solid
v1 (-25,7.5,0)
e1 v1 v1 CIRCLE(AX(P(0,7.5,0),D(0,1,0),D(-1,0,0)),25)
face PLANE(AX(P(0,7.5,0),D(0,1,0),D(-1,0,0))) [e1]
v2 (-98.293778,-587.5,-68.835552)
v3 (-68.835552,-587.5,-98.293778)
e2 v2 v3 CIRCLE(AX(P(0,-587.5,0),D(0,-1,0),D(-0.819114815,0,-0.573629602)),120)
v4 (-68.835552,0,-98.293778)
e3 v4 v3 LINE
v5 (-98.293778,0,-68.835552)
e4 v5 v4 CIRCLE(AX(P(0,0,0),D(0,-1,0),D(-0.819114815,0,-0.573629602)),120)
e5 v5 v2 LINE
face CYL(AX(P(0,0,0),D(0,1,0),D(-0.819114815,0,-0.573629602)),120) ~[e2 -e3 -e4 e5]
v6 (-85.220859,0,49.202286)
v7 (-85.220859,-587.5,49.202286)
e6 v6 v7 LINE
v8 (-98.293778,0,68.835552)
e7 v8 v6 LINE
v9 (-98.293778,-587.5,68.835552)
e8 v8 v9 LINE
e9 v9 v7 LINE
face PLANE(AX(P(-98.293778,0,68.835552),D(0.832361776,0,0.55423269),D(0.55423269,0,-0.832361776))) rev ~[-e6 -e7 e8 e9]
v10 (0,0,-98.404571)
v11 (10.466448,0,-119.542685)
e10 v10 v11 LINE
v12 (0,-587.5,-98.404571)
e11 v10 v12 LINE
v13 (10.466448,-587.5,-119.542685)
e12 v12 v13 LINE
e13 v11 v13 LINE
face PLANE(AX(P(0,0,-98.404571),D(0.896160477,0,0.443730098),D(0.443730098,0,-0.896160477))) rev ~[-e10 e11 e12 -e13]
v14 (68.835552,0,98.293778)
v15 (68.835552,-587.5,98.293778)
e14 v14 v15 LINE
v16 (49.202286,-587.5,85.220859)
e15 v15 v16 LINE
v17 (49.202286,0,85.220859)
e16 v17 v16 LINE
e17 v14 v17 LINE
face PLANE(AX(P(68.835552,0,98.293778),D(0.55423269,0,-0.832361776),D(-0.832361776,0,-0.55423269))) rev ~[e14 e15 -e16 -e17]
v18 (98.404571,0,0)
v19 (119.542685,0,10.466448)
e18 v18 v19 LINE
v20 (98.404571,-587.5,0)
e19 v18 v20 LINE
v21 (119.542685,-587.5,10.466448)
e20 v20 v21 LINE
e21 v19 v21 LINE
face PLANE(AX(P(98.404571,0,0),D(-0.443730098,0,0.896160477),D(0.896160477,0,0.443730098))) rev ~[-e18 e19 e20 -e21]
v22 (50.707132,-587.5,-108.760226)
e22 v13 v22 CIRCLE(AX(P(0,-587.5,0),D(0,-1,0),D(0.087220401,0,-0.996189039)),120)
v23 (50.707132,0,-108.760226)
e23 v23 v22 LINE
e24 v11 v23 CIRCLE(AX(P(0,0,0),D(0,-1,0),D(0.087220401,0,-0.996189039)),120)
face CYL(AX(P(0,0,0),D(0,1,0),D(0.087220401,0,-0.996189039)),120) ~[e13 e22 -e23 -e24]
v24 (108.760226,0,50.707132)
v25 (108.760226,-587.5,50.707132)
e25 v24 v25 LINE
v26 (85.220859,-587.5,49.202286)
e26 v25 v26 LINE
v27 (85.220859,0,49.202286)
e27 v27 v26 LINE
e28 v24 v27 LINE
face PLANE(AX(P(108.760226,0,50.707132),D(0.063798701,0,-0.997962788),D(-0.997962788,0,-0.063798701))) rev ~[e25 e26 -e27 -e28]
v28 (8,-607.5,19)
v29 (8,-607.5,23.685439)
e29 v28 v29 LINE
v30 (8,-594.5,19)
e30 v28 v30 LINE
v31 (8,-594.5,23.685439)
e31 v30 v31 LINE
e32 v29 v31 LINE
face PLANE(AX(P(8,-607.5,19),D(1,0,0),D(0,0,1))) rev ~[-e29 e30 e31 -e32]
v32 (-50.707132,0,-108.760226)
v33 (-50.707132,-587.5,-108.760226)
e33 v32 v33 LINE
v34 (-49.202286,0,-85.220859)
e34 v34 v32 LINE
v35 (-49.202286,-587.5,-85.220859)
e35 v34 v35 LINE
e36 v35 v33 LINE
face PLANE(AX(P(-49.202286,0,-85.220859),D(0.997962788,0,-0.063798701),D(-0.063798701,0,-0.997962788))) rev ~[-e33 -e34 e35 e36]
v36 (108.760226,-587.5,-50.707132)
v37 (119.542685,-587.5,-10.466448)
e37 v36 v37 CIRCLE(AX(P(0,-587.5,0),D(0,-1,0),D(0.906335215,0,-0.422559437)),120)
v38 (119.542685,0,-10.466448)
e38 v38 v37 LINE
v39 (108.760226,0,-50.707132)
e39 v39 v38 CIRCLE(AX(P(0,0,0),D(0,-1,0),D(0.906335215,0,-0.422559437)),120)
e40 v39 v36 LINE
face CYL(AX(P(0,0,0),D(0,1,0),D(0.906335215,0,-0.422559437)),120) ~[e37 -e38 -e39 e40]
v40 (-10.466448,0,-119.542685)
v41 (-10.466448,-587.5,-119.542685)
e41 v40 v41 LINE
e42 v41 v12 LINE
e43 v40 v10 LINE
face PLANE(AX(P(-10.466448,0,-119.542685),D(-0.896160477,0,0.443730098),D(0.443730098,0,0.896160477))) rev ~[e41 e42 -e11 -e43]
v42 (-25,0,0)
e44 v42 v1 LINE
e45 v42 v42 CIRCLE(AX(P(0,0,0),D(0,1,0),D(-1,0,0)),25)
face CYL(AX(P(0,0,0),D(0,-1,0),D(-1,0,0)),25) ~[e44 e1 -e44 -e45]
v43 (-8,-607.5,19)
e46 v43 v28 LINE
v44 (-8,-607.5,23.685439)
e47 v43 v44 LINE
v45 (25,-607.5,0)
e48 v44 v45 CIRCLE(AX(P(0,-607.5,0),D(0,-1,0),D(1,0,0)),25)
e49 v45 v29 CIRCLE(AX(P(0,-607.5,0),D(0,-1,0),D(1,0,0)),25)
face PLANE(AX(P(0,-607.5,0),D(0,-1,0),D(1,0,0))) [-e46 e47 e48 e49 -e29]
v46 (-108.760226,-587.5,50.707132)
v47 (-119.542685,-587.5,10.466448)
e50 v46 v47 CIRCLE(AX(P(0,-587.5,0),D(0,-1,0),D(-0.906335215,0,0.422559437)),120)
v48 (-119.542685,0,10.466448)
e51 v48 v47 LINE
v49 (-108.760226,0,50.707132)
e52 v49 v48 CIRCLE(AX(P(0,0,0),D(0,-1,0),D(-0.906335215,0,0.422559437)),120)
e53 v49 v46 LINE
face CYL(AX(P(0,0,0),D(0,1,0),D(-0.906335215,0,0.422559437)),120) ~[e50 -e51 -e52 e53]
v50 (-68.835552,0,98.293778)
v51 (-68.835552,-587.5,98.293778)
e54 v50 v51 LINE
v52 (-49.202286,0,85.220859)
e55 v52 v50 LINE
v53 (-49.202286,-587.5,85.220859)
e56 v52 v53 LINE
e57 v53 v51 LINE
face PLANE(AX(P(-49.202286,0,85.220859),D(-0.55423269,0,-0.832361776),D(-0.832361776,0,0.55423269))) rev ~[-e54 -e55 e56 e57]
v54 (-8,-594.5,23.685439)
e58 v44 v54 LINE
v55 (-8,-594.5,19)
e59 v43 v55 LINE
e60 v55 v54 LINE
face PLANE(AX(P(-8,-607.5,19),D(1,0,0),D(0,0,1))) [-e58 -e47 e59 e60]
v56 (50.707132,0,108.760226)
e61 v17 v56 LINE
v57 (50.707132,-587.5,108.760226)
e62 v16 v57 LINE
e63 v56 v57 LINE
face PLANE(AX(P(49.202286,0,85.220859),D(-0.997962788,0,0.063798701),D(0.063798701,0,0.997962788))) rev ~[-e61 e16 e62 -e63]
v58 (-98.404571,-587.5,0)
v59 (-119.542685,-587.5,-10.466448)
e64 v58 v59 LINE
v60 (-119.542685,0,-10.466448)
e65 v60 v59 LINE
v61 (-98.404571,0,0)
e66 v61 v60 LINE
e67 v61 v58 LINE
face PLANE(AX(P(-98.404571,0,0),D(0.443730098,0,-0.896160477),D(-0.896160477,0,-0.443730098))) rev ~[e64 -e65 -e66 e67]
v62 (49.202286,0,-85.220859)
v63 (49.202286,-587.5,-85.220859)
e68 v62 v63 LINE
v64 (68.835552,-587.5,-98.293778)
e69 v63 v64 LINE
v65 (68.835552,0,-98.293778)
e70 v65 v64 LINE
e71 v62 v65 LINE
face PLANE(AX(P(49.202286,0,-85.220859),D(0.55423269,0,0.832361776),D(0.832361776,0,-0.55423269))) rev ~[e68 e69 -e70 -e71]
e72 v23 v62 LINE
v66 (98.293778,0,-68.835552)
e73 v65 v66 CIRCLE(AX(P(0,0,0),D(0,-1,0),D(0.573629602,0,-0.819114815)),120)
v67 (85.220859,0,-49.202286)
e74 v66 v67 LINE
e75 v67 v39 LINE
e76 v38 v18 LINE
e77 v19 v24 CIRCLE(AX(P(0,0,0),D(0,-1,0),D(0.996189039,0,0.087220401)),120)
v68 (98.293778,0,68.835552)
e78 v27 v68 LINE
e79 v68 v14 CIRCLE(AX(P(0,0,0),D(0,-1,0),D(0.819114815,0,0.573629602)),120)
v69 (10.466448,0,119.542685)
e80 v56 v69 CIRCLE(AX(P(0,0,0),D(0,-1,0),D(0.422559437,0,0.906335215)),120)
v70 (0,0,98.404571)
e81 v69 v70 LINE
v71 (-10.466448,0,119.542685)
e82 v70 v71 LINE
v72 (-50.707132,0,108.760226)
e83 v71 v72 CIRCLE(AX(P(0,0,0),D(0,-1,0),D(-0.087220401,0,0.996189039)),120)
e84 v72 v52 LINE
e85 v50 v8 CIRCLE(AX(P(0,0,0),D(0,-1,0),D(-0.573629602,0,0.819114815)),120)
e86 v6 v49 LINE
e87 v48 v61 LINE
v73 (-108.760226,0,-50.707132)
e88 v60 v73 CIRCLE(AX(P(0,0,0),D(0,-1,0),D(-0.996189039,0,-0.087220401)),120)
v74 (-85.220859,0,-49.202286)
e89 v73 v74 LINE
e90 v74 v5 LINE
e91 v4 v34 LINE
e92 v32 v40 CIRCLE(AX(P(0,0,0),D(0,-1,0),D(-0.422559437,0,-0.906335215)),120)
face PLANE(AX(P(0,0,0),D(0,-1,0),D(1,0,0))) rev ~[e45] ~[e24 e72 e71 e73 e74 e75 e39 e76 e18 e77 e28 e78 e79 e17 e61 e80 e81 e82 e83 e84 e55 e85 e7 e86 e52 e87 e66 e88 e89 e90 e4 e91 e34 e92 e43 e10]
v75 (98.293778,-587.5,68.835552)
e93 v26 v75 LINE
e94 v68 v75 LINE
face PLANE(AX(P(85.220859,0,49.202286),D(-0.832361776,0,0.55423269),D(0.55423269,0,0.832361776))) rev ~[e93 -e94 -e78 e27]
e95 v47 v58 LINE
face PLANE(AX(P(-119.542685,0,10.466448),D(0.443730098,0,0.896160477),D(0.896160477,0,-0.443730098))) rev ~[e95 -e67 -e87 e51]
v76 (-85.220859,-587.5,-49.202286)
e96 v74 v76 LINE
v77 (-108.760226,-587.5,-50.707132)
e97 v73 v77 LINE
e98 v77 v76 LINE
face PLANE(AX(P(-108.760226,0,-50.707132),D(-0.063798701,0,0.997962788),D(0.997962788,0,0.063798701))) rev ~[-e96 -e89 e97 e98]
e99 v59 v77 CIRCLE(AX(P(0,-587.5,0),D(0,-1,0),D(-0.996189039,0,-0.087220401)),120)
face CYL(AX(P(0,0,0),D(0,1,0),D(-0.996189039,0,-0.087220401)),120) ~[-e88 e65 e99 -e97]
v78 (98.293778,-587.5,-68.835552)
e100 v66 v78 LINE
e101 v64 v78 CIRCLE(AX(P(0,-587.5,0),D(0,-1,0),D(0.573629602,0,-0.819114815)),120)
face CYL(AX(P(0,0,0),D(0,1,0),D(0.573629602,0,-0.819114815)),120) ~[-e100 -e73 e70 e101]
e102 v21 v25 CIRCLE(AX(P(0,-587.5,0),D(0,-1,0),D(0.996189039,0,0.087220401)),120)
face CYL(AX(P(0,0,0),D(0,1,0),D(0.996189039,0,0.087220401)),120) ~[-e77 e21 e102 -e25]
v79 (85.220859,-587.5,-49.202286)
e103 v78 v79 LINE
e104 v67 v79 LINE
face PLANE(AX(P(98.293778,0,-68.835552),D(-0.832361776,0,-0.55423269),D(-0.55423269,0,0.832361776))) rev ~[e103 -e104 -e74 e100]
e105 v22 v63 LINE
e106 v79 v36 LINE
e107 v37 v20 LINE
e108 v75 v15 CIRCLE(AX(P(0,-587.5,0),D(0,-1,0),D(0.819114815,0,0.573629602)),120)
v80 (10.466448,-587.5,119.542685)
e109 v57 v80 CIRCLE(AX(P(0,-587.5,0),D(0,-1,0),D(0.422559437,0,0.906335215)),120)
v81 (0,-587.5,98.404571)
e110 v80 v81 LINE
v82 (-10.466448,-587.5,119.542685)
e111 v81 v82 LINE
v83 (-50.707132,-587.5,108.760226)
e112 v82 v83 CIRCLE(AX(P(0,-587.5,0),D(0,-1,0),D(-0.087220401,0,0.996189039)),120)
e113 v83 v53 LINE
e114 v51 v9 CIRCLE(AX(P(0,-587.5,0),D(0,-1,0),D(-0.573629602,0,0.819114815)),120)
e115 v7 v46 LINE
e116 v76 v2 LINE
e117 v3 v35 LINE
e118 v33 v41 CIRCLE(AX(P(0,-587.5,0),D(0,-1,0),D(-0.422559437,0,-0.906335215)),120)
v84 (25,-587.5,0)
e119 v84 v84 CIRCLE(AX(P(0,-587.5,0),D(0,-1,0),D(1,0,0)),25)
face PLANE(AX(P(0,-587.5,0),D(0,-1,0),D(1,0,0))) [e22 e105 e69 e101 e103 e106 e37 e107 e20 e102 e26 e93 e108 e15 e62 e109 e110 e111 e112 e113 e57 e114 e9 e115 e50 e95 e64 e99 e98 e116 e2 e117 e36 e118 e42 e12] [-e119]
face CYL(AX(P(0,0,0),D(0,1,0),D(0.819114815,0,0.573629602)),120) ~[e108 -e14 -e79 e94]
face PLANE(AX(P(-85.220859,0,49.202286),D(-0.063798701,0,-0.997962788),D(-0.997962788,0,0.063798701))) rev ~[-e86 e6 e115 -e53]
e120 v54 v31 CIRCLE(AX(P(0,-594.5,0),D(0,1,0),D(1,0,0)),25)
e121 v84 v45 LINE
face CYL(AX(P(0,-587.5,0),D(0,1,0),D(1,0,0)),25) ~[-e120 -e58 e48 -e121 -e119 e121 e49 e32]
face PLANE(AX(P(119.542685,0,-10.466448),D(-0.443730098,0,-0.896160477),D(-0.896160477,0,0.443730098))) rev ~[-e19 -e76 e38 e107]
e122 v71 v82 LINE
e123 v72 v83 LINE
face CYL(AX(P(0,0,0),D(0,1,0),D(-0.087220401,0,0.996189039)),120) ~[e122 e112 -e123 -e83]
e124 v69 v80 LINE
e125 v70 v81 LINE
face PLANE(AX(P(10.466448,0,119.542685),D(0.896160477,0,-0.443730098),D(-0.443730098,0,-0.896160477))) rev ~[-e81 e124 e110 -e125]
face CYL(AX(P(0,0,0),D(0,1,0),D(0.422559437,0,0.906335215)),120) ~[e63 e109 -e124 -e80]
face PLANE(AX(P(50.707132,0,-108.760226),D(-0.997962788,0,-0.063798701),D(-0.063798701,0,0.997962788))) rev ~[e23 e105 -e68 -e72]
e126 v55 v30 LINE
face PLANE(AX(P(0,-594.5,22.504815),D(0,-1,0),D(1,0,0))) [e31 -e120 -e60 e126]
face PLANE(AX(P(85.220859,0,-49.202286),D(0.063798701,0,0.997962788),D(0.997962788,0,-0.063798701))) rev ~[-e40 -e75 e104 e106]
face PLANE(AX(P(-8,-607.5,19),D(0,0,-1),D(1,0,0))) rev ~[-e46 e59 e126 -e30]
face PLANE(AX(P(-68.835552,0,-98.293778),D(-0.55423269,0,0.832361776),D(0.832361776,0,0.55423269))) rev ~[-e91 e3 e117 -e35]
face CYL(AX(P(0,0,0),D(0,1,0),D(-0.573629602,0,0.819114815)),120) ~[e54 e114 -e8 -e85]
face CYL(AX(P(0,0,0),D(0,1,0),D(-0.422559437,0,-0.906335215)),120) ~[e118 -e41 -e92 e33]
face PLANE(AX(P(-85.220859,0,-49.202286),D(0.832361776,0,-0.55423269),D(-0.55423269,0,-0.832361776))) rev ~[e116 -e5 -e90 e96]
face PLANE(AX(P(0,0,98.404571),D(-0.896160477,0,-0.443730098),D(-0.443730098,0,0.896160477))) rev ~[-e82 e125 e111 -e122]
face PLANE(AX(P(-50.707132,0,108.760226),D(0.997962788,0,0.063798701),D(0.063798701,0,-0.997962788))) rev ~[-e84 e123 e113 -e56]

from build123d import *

# Parameters (mm, degrees)
F1_DEPTH = 587.5
F2_R     = 25
F3_DEPTH = 7.5
F4_R     = 25
F5_DEPTH = 20
F6_W     = 16
F6_H     = 7.0096296601
F7_DEPTH = 13


with BuildPart() as f1:
    # F0 (on Front) → F1 (new body)
    with BuildSketch(Plane.XZ):
        with BuildLine():
            Line((98.404571414, 0), (119.5426846988, 10.4664480605))
            ThreePointArc((119.5426846988, 10.4664480605), (115.9110991547, 31.0582854123), (108.760225816, 50.7071324417))
            Line((108.760225816, 50.7071324417), (85.220858693, 49.202285707))
            Line((85.220858693, 49.202285707), (98.2937777555, 68.8355522572))
            ThreePointArc((98.2937777555, 68.8355522572), (84.8528137424, 84.8528137424), (68.8355522572, 98.2937777555))
            Line((68.8355522572, 98.2937777555), (49.202285707, 85.220858693))
            Line((49.202285707, 85.220858693), (50.7071324417, 108.760225816))
            ThreePointArc((50.7071324417, 108.760225816), (31.0582854123, 115.9110991547), (10.4664480605, 119.5426846988))
            Line((10.4664480605, 119.5426846988), (0, 98.404571414))
            Line((0, 98.404571414), (-10.4664480605, 119.5426846988))
            ThreePointArc((-10.4664480605, 119.5426846988), (-31.0582854123, 115.9110991547), (-50.7071324417, 108.760225816))
            Line((-50.7071324417, 108.760225816), (-49.202285707, 85.220858693))
            Line((-49.202285707, 85.220858693), (-68.8355522572, 98.2937777555))
            ThreePointArc((-68.8355522572, 98.2937777555), (-84.8528137424, 84.8528137424), (-98.2937777555, 68.8355522572))
            Line((-98.2937777555, 68.8355522572), (-85.220858693, 49.202285707))
            Line((-85.220858693, 49.202285707), (-108.760225816, 50.7071324417))
            ThreePointArc((-108.760225816, 50.7071324417), (-115.9110991547, 31.0582854123), (-119.5426846988, 10.4664480605))
            Line((-119.5426846988, 10.4664480605), (-98.404571414, 0))
            Line((-98.404571414, 0), (-119.5426846988, -10.4664480605))
            ThreePointArc((-119.5426846988, -10.4664480605), (-115.9110991547, -31.0582854123), (-108.760225816, -50.7071324417))
            Line((-108.760225816, -50.7071324417), (-85.220858693, -49.202285707))
            Line((-85.220858693, -49.202285707), (-98.2937777555, -68.8355522572))
            ThreePointArc((-98.2937777555, -68.8355522572), (-84.8528137424, -84.8528137424), (-68.8355522572, -98.2937777555))
            Line((-68.8355522572, -98.2937777555), (-49.202285707, -85.220858693))
            Line((-49.202285707, -85.220858693), (-50.7071324417, -108.760225816))
            ThreePointArc((-50.7071324417, -108.760225816), (-31.0582854123, -115.9110991547), (-10.4664480605, -119.5426846988))
            Line((-10.4664480605, -119.5426846988), (0, -98.404571414))
            Line((0, -98.404571414), (10.4664480605, -119.5426846988))
            ThreePointArc((10.4664480605, -119.5426846988), (31.0582854123, -115.9110991547), (50.7071324417, -108.760225816))
            Line((50.7071324417, -108.760225816), (49.202285707, -85.220858693))
            Line((49.202285707, -85.220858693), (68.8355522572, -98.2937777555))
            ThreePointArc((68.8355522572, -98.2937777555), (84.8528137424, -84.8528137424), (98.2937777555, -68.8355522572))
            Line((98.2937777555, -68.8355522572), (85.220858693, -49.202285707))
            Line((85.220858693, -49.202285707), (108.760225816, -50.7071324417))
            ThreePointArc((108.760225816, -50.7071324417), (115.9110991547, -31.0582854123), (119.5426846988, -10.4664480605))
            Line((119.5426846988, -10.4664480605), (98.404571414, 0))
        make_face()
    extrude(amount=F1_DEPTH)

    # F2 (on face) → F3 (join)
    with BuildSketch(Plane(origin=(0, 0, 0), x_dir=(-1, 0, 0), z_dir=(0, 1, 0))):
        Circle(F2_R)
    extrude(amount=F3_DEPTH)

    # F4 (on face) → F5 (join)
    with BuildSketch(Plane.XZ.offset(587.5)):
        Circle(F4_R)
    extrude(amount=F5_DEPTH)

    # F6 (on face) → F7 (cut)
    with BuildSketch(Plane.XZ.offset(607.5)):
        with Locations((0, 22.50481483)):
            Rectangle(F6_W, F6_H)
    extrude(amount=-F7_DEPTH, mode=Mode.SUBTRACT)


solid = f1.part
